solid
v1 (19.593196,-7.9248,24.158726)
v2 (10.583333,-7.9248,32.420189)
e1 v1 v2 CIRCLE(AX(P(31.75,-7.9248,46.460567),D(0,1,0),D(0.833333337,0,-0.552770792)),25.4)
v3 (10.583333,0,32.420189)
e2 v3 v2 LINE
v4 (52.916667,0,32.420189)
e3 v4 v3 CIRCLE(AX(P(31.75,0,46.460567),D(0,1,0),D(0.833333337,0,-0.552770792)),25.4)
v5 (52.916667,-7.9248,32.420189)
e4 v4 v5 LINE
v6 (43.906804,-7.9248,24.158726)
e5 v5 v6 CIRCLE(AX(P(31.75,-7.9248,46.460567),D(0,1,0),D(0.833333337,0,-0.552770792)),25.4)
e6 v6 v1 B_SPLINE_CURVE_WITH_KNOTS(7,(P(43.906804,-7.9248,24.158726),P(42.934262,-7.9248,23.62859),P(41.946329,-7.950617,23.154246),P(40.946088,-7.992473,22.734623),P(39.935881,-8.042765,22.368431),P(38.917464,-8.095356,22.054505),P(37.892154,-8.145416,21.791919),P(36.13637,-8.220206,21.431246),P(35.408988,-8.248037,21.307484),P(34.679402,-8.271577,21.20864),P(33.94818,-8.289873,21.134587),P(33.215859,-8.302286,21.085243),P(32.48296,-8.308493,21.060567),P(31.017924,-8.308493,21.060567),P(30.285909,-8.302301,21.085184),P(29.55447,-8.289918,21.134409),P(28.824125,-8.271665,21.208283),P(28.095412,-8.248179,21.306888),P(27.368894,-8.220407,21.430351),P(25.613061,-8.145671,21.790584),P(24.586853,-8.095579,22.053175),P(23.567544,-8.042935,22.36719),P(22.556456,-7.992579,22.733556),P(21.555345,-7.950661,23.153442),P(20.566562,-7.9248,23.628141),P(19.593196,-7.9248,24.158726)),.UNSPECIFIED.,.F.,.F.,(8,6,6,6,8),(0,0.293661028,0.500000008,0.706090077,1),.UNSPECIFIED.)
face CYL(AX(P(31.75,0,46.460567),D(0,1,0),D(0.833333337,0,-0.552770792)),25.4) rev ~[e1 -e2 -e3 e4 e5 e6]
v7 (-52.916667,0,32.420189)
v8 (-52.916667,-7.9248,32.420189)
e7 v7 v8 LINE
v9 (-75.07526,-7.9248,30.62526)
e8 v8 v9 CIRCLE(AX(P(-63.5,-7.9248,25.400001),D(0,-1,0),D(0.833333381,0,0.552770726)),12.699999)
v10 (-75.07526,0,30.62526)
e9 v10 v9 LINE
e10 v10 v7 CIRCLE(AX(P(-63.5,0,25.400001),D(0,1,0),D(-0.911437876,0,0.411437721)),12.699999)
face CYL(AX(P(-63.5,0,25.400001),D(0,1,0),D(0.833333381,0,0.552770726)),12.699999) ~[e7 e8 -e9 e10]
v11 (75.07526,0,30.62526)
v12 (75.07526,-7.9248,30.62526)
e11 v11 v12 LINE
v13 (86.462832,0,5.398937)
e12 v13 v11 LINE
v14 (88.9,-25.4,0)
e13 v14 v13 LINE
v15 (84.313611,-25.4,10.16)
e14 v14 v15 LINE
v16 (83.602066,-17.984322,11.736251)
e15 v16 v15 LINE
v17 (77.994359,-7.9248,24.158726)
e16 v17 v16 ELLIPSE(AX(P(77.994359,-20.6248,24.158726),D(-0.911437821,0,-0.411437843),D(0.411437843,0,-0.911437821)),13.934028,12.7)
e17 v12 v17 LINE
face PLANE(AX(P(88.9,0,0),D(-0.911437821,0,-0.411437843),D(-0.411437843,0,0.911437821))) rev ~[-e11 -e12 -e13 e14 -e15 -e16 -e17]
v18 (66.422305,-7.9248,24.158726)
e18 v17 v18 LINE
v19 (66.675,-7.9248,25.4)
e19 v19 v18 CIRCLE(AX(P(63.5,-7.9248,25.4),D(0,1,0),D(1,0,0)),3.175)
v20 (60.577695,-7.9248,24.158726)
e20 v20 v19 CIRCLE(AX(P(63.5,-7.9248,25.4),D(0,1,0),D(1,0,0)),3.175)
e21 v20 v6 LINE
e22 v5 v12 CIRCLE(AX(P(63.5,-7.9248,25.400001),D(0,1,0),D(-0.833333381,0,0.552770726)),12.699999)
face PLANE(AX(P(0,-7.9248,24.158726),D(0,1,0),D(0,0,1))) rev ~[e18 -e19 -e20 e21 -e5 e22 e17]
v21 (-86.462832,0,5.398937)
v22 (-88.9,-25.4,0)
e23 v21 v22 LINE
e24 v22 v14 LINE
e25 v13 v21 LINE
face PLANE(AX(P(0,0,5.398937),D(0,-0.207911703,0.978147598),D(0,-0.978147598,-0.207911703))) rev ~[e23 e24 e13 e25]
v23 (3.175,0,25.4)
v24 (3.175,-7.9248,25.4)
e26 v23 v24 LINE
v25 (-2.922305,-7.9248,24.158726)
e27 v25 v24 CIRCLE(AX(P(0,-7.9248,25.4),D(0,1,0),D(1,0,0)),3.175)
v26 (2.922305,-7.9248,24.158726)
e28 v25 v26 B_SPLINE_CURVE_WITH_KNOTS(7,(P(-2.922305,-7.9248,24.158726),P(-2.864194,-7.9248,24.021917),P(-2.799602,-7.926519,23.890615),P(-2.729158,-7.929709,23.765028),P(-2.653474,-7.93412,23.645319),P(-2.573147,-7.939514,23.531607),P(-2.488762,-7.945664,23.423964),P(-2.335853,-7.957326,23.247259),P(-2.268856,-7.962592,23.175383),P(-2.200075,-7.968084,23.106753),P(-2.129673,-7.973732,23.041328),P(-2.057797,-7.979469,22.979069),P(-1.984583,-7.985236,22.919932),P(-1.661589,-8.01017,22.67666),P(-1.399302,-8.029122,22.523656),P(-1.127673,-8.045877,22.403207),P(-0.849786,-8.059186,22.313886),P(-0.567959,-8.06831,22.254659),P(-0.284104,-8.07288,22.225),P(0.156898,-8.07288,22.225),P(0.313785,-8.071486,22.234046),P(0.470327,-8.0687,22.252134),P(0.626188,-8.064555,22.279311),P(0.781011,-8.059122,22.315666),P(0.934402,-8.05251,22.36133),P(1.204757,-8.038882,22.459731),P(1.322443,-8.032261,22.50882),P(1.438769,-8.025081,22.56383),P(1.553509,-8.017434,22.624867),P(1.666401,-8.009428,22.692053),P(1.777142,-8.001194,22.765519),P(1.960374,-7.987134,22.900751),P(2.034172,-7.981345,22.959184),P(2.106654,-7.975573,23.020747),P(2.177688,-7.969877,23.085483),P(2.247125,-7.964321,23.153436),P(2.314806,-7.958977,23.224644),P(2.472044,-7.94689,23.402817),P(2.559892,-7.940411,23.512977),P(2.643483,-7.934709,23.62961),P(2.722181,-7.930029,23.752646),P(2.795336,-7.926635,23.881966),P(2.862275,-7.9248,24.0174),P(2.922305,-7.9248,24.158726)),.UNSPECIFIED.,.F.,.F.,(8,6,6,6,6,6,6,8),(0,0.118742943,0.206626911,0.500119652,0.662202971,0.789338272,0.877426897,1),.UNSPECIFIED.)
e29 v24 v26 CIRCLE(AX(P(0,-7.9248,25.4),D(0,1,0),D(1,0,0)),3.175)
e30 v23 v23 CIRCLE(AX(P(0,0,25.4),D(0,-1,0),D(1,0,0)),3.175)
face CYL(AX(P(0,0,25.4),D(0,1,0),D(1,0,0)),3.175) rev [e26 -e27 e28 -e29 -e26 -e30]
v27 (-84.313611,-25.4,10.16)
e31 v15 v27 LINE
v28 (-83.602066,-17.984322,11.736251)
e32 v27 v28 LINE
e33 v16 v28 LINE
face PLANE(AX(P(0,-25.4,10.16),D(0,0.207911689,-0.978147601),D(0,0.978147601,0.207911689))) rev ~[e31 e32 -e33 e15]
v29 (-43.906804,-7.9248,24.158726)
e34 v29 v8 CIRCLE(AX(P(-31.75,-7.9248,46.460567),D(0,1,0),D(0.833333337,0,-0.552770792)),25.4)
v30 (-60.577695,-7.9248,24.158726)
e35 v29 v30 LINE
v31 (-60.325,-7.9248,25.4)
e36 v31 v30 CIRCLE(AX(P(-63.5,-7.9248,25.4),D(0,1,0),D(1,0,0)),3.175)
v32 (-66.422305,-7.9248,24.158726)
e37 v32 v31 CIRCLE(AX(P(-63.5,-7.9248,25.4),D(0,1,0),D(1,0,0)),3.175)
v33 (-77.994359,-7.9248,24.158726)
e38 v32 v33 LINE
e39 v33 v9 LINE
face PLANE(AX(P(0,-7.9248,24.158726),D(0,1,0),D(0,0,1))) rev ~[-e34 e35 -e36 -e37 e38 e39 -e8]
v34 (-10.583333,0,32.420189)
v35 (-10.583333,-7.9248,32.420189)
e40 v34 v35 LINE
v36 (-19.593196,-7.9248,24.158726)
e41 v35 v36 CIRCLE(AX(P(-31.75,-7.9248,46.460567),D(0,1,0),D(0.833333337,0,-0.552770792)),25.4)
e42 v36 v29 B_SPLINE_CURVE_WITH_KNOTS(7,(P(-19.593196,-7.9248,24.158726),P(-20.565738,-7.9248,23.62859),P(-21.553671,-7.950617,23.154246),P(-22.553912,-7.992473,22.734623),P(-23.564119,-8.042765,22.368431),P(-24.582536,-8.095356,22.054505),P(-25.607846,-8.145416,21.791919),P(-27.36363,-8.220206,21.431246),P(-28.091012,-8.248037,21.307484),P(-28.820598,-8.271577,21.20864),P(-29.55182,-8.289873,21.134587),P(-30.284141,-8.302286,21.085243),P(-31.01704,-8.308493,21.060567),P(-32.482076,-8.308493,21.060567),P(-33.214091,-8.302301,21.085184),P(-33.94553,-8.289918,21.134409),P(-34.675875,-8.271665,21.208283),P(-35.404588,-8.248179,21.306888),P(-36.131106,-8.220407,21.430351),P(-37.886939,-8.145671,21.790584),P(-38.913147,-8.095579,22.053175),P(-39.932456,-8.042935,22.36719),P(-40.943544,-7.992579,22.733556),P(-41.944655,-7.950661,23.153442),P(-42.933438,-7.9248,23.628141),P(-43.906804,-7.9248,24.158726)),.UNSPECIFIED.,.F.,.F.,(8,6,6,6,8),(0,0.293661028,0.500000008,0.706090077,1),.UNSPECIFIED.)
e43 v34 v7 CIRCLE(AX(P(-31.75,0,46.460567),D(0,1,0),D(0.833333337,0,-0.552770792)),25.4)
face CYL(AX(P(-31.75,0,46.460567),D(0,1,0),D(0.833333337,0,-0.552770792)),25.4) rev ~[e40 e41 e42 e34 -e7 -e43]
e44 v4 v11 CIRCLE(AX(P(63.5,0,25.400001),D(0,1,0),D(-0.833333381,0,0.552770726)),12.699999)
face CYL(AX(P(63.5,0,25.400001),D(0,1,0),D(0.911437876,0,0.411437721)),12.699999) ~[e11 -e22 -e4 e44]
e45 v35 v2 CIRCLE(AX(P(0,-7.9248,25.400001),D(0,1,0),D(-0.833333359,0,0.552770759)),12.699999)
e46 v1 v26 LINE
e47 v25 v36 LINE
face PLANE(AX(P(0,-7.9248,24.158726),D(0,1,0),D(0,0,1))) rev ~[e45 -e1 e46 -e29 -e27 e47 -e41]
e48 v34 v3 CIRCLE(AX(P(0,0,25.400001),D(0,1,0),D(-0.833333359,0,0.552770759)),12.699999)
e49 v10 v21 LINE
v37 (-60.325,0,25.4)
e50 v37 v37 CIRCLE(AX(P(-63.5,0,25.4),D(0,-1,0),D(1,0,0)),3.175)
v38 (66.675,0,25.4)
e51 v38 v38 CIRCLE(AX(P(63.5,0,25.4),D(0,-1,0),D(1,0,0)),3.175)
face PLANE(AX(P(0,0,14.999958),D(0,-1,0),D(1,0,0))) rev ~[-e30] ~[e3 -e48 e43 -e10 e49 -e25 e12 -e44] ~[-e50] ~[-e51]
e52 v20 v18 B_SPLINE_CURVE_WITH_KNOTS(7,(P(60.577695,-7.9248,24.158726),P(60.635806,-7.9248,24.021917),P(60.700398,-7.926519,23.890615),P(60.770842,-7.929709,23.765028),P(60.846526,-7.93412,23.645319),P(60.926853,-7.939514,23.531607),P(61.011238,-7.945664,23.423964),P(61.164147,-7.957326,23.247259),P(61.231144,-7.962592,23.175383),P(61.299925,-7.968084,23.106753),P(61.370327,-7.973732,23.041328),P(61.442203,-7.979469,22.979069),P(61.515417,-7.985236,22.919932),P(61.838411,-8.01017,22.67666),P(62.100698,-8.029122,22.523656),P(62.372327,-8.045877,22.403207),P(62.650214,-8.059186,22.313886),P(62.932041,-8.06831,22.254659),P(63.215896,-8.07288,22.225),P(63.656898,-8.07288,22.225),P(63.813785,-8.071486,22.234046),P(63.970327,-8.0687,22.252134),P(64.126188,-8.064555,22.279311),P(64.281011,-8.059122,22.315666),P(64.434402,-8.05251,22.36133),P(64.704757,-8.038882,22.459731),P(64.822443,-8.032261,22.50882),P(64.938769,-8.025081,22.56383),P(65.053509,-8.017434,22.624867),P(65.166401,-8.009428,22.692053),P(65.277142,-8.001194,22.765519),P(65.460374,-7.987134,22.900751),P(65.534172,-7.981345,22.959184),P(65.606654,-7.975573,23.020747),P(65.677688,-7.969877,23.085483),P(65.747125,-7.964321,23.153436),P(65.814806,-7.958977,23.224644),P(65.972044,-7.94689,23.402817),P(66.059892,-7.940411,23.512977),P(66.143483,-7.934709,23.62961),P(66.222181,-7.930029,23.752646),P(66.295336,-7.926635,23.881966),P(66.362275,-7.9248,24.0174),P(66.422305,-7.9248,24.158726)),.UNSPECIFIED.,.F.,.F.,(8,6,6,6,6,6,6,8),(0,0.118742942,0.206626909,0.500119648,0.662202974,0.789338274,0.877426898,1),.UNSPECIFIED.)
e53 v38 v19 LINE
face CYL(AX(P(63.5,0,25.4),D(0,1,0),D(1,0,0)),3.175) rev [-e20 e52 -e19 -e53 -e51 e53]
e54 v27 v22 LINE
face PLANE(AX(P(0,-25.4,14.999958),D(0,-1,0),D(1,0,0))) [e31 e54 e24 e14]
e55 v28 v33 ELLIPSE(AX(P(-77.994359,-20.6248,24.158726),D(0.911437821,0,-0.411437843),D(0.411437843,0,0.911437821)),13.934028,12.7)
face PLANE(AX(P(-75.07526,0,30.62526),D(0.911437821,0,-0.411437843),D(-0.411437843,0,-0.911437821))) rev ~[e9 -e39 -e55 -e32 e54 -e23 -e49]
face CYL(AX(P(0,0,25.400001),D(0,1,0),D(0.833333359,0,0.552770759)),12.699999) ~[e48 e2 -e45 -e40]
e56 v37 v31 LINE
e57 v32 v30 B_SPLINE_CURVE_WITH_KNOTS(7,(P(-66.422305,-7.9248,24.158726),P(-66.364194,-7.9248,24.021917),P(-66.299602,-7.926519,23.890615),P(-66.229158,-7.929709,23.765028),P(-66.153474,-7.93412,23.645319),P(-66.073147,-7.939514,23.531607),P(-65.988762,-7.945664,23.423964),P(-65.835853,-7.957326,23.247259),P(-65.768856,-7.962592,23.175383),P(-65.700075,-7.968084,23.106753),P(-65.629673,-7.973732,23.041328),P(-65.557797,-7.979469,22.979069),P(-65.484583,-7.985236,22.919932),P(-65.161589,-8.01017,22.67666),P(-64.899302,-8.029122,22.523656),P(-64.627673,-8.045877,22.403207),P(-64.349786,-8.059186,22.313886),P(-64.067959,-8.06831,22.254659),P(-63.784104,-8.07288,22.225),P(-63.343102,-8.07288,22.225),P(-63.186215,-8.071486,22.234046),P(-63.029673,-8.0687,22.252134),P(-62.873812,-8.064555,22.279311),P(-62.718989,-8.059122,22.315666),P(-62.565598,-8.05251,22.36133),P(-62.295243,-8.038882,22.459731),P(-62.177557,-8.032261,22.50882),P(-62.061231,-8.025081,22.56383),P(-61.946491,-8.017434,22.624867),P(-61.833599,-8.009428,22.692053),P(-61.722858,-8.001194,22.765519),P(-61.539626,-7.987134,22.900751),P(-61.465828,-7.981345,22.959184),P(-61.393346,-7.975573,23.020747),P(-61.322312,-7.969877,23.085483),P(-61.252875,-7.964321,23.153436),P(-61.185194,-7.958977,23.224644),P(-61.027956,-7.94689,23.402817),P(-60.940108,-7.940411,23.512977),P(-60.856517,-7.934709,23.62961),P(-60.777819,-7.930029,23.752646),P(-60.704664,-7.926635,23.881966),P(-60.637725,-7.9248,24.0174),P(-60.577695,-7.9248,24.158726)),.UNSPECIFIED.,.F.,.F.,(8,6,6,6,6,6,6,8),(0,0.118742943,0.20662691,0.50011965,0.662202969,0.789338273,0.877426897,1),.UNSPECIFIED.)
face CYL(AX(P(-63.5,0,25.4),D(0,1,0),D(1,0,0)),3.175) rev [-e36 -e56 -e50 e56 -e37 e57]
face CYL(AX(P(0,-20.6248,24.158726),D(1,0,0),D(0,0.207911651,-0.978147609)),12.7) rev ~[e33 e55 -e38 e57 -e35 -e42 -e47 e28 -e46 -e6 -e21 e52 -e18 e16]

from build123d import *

# Parameters (mm, degrees)
F0_R     = 3.175
F1_DEPTH = 25.4
F2_W     = 38.951648
F2_H     = 45.7977
F3_DEPTH = 190.5


with BuildPart() as f1:
    # F0 (on Front) → F1 (new body)
    with BuildSketch(Plane.XZ):
        with BuildLine():
            Line((-75.07526, 30.62526), (-88.9, 0))
            Line((-88.9, 0), (88.9, 0))
            Line((88.9, 0), (75.07526, 30.62526))
            ThreePointArc((75.07526, 30.62526), (64.525389, 38.058538), (52.916667, 32.420189))
            ThreePointArc((52.916667, 32.420189), (31.75, 21.060567), (10.583333, 32.420189))
            ThreePointArc((10.583333, 32.420189), (0, 38.1), (-10.583333, 32.420189))
            ThreePointArc((-10.583333, 32.420189), (-31.75, 21.060567), (-52.916667, 32.420189))
            ThreePointArc((-52.916667, 32.420189), (-64.525389, 38.058538), (-75.07526, 30.62526))
        make_face()
        with Locations((-63.5, 25.4)):
            Circle(F0_R, mode=Mode.SUBTRACT)
        with Locations((0, 25.4)):
            Circle(F0_R, mode=Mode.SUBTRACT)
        with Locations((63.5, 25.4)):
            Circle(F0_R, mode=Mode.SUBTRACT)
    extrude(amount=F1_DEPTH)

    # F2 (on Right) → F3 (cut, symmetric)
    with BuildSketch(Plane.YZ):
        with Locations((-12.751271, 19.836615)):
            Rectangle(F2_W, F2_H)
        with BuildLine():
            Line((-7.9248, 38.1), (0, 38.1))
            Line((0, 38.1), (0, 5.398937))
            Line((0, 5.398937), (-25.4, 0))
            Line((-25.4, 0), (-25.4, 10.16))
            Line((-25.4, 10.16), (-17.984322, 11.736251))
            ThreePointArc((-17.984322, 11.736251), (-10.755046, 16.166357), (-7.9248, 24.158726))
            Line((-7.9248, 24.158726), (-7.9248, 38.1))
        make_face(mode=Mode.SUBTRACT)
    extrude(amount=F3_DEPTH, both=True, mode=Mode.SUBTRACT)


solid = f1.part
